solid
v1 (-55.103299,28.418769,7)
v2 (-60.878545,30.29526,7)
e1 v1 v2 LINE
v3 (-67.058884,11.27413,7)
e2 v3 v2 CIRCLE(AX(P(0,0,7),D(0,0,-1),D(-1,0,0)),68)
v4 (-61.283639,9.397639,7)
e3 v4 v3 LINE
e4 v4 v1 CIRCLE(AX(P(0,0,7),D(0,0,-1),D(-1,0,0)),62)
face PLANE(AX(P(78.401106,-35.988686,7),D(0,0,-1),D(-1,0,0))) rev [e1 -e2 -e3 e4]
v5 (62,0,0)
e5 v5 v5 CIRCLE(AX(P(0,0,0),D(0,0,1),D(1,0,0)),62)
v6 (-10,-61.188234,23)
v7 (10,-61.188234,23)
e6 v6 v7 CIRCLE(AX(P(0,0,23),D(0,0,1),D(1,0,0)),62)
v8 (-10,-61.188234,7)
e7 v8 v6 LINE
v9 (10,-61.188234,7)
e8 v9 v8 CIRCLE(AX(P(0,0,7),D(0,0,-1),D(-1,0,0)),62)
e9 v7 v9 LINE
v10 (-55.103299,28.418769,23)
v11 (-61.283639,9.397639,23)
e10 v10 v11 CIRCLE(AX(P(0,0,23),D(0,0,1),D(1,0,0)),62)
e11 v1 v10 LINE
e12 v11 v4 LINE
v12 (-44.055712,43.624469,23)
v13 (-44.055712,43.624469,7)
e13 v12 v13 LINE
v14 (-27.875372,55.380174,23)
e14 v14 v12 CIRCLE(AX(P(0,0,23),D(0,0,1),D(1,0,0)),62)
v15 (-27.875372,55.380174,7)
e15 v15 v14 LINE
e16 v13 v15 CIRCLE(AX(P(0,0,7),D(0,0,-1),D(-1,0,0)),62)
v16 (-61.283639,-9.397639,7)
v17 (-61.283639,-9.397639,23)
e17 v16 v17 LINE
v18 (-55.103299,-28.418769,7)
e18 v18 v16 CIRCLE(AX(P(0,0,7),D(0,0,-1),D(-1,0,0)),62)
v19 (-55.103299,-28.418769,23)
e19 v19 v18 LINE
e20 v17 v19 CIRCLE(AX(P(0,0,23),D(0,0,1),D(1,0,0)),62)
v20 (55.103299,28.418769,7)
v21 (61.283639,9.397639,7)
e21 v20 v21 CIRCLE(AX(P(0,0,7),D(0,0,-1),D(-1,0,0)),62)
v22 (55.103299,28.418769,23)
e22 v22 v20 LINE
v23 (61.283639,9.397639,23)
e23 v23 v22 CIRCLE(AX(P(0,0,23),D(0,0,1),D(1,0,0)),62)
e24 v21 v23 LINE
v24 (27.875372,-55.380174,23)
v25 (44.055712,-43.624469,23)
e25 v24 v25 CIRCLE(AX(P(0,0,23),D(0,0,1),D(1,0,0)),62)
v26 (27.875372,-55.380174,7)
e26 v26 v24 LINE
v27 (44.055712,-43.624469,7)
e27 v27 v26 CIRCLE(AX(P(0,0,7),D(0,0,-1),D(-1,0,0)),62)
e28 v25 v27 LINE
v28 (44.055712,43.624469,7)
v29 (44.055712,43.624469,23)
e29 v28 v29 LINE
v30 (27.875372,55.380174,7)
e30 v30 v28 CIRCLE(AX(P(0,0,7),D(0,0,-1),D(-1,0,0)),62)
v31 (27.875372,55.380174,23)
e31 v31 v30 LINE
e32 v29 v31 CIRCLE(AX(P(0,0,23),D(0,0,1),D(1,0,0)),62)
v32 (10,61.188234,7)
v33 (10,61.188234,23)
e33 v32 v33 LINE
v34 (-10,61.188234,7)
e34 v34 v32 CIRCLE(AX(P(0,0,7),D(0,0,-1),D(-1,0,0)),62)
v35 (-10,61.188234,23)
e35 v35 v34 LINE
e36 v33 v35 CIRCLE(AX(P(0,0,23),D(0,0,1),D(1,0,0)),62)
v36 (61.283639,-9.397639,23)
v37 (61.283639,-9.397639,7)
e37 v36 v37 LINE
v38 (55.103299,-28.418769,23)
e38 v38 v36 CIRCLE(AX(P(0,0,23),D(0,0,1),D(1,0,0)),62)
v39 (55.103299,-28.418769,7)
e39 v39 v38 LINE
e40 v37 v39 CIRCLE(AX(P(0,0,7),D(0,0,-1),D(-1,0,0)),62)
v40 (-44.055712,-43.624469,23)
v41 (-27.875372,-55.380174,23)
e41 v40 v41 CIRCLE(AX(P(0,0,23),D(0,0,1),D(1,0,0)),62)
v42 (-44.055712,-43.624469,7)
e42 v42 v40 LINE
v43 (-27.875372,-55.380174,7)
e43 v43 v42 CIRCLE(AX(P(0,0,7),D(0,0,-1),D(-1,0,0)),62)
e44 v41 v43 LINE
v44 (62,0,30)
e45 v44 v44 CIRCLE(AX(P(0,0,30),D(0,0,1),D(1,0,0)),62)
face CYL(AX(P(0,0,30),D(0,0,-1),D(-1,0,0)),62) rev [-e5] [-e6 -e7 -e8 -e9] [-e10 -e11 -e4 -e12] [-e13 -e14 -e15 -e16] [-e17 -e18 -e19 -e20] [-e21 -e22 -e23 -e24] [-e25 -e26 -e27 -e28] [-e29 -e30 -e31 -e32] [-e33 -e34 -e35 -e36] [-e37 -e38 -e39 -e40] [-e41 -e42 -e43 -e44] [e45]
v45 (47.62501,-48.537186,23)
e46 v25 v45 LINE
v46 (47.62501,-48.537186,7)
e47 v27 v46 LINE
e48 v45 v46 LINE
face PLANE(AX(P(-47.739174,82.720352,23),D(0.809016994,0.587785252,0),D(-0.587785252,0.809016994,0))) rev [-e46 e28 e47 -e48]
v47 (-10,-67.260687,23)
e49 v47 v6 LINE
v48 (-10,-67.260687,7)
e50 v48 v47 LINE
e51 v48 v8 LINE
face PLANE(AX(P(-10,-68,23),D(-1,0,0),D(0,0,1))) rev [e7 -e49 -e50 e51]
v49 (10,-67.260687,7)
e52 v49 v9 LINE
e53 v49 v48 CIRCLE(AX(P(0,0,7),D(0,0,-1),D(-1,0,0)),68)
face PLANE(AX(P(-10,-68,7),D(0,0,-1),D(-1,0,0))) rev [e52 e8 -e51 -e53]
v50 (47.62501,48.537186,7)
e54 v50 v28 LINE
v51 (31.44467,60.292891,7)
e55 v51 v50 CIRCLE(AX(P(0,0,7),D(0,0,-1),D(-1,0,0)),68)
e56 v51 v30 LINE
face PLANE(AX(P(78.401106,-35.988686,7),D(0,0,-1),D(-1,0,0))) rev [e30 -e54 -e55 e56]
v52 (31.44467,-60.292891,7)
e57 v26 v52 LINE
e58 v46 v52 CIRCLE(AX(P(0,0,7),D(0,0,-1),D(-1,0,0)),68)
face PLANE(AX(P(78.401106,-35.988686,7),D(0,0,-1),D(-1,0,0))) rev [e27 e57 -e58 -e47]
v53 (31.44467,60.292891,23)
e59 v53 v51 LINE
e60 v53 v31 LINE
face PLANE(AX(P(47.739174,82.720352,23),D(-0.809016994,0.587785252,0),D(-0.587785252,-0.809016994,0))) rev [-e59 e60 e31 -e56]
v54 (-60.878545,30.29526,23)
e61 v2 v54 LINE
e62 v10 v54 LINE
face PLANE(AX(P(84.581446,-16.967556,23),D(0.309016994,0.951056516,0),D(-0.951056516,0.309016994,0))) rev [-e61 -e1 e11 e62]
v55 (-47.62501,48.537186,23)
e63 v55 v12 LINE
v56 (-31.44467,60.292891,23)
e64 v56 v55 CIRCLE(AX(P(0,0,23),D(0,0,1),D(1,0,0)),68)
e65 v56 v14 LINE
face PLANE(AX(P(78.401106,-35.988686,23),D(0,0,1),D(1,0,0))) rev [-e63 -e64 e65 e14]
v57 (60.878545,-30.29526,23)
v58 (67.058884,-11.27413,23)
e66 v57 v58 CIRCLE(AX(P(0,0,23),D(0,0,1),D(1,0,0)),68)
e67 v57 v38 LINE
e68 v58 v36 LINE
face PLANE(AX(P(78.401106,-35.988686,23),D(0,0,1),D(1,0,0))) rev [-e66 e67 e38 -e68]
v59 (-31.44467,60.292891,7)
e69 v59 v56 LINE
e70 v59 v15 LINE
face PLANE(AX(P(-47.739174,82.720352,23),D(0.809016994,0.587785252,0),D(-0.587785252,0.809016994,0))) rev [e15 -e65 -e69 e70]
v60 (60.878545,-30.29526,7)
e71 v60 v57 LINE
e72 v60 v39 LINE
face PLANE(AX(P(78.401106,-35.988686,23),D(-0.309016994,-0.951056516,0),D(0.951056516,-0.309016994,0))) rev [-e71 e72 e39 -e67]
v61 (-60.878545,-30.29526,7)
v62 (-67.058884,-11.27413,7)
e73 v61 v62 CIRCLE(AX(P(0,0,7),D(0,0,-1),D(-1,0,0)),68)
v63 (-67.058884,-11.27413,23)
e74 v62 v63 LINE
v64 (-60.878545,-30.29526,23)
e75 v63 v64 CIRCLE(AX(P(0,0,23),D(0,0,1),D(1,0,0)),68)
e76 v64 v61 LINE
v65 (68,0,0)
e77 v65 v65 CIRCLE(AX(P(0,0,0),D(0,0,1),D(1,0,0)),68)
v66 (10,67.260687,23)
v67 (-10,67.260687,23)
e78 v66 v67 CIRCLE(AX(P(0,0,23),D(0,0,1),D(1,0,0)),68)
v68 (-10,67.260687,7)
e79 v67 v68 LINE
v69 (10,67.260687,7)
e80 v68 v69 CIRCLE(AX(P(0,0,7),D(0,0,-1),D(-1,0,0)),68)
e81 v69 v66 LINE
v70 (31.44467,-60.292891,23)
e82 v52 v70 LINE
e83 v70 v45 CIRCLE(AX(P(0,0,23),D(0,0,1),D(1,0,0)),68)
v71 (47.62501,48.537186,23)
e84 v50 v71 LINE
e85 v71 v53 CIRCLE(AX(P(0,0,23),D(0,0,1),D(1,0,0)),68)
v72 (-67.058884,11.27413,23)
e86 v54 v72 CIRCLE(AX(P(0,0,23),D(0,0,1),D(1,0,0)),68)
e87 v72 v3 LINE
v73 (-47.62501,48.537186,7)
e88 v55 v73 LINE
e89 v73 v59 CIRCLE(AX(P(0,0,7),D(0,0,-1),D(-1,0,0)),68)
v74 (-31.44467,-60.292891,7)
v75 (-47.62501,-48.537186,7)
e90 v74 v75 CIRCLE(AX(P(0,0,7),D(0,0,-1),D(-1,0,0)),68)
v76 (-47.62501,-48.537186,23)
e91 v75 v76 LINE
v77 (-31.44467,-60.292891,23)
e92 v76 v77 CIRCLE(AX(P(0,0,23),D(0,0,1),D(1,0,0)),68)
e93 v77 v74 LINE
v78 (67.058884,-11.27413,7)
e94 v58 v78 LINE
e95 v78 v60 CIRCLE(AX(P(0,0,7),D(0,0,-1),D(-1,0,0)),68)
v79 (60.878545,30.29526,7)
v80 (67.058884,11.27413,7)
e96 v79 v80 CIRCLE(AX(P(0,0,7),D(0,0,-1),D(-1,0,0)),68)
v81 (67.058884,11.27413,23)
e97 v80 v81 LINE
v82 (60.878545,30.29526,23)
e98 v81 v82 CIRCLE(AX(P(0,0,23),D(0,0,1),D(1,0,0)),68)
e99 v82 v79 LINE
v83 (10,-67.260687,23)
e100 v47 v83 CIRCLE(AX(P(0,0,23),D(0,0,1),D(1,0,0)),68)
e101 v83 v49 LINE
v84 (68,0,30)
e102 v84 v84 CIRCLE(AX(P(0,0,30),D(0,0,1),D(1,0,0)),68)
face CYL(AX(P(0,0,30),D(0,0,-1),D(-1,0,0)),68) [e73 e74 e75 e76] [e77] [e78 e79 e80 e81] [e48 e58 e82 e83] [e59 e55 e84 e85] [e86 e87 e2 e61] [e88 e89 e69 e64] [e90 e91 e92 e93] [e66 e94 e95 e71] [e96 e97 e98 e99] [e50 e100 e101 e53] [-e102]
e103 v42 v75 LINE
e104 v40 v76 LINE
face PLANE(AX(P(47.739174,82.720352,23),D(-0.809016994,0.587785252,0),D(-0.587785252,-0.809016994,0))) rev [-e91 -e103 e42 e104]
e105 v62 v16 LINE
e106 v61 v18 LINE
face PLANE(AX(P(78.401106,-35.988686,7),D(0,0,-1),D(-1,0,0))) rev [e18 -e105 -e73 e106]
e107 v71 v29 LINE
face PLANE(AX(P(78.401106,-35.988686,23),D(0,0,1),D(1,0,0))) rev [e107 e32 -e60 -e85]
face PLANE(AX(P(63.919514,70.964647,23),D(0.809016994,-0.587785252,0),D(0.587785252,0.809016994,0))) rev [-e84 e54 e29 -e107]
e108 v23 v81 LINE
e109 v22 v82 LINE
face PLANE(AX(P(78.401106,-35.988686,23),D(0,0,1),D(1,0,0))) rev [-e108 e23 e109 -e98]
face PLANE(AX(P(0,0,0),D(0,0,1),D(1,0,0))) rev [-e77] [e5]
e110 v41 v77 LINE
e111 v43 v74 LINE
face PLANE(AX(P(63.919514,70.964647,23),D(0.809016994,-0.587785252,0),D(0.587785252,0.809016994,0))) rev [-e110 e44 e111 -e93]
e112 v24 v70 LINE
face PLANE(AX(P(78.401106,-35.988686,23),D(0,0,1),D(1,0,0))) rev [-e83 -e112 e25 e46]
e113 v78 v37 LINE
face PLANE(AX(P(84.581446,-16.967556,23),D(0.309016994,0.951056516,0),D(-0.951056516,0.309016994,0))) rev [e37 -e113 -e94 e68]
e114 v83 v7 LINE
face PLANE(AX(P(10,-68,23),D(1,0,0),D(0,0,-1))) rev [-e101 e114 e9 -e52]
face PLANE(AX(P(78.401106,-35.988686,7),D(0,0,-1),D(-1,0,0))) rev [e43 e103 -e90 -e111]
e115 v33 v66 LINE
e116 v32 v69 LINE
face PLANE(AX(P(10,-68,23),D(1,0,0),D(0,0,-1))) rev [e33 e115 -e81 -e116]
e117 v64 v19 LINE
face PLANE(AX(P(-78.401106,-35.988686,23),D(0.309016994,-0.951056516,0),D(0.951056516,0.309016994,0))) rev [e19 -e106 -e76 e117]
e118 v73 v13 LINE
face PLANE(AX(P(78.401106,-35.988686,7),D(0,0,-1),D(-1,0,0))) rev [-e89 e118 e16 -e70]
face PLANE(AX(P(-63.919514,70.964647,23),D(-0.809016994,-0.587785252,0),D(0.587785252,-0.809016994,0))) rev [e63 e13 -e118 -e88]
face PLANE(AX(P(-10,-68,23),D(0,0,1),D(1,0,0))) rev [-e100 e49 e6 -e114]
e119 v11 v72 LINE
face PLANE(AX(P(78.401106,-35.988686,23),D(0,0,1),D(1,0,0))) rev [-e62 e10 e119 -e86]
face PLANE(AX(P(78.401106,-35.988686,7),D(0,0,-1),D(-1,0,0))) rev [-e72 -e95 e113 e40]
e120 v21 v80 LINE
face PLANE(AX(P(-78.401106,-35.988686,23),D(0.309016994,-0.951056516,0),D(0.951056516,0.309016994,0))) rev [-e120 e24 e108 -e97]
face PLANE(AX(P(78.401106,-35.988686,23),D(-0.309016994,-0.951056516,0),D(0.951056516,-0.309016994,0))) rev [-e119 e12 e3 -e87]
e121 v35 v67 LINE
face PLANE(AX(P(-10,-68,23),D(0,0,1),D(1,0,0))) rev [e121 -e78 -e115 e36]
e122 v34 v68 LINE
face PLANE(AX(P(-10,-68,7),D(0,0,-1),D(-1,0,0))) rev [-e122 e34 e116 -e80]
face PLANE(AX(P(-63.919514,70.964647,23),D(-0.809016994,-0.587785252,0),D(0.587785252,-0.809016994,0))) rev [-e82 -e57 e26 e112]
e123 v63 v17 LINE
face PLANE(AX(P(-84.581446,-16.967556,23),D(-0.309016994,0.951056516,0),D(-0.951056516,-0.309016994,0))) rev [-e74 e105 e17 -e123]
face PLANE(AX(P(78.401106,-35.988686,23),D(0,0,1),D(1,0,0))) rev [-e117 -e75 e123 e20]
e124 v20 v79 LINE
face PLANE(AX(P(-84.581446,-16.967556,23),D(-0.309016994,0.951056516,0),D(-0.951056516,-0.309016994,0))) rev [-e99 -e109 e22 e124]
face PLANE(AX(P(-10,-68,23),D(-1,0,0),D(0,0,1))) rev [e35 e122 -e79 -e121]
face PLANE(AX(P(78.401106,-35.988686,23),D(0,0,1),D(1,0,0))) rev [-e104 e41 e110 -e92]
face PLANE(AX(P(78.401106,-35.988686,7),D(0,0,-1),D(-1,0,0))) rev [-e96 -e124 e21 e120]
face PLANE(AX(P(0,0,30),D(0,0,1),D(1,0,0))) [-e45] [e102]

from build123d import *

# Parameters (mm, degrees)
SKETCH1_R           = 68
SKETCH1_R_2         = 62
BOSS_EXTRUDE1_DEPTH = 30
SKETCH2_W           = 20
SKETCH2_H           = 16
CUT_EXTRUDE1_DEPTH  = 101.737282076
CIRPATTERN1_COUNT   = 5


with BuildPart() as part:
    # Sketch1 → Boss-Extrude1 (new body)
    with BuildSketch(Plane.XY):
        Circle(SKETCH1_R)
        Circle(SKETCH1_R_2, mode=Mode.SUBTRACT)
    extrude(amount=BOSS_EXTRUDE1_DEPTH)

    # Sketch2 → Cut-Extrude1 (cut, symmetric)
    with BuildSketch(Plane(origin=(0, 0, 0), x_dir=(1, 0, 0), z_dir=(0, 1, 0))):
        with Locations((0, -15)):
            Rectangle(SKETCH2_W, SKETCH2_H)
    cut_extrude1 = extrude(amount=CUT_EXTRUDE1_DEPTH, both=True, mode=Mode.SUBTRACT)

    # CirPattern1: Cut-Extrude1 ×5 about axis
    cirpattern1_axis = Axis((0, 0, 0), (0, 0, 1))
    for i in range(1, CIRPATTERN1_COUNT):
        add(cut_extrude1.rotate(cirpattern1_axis, i * 360 / CIRPATTERN1_COUNT), mode=Mode.SUBTRACT)


solid = part.part
